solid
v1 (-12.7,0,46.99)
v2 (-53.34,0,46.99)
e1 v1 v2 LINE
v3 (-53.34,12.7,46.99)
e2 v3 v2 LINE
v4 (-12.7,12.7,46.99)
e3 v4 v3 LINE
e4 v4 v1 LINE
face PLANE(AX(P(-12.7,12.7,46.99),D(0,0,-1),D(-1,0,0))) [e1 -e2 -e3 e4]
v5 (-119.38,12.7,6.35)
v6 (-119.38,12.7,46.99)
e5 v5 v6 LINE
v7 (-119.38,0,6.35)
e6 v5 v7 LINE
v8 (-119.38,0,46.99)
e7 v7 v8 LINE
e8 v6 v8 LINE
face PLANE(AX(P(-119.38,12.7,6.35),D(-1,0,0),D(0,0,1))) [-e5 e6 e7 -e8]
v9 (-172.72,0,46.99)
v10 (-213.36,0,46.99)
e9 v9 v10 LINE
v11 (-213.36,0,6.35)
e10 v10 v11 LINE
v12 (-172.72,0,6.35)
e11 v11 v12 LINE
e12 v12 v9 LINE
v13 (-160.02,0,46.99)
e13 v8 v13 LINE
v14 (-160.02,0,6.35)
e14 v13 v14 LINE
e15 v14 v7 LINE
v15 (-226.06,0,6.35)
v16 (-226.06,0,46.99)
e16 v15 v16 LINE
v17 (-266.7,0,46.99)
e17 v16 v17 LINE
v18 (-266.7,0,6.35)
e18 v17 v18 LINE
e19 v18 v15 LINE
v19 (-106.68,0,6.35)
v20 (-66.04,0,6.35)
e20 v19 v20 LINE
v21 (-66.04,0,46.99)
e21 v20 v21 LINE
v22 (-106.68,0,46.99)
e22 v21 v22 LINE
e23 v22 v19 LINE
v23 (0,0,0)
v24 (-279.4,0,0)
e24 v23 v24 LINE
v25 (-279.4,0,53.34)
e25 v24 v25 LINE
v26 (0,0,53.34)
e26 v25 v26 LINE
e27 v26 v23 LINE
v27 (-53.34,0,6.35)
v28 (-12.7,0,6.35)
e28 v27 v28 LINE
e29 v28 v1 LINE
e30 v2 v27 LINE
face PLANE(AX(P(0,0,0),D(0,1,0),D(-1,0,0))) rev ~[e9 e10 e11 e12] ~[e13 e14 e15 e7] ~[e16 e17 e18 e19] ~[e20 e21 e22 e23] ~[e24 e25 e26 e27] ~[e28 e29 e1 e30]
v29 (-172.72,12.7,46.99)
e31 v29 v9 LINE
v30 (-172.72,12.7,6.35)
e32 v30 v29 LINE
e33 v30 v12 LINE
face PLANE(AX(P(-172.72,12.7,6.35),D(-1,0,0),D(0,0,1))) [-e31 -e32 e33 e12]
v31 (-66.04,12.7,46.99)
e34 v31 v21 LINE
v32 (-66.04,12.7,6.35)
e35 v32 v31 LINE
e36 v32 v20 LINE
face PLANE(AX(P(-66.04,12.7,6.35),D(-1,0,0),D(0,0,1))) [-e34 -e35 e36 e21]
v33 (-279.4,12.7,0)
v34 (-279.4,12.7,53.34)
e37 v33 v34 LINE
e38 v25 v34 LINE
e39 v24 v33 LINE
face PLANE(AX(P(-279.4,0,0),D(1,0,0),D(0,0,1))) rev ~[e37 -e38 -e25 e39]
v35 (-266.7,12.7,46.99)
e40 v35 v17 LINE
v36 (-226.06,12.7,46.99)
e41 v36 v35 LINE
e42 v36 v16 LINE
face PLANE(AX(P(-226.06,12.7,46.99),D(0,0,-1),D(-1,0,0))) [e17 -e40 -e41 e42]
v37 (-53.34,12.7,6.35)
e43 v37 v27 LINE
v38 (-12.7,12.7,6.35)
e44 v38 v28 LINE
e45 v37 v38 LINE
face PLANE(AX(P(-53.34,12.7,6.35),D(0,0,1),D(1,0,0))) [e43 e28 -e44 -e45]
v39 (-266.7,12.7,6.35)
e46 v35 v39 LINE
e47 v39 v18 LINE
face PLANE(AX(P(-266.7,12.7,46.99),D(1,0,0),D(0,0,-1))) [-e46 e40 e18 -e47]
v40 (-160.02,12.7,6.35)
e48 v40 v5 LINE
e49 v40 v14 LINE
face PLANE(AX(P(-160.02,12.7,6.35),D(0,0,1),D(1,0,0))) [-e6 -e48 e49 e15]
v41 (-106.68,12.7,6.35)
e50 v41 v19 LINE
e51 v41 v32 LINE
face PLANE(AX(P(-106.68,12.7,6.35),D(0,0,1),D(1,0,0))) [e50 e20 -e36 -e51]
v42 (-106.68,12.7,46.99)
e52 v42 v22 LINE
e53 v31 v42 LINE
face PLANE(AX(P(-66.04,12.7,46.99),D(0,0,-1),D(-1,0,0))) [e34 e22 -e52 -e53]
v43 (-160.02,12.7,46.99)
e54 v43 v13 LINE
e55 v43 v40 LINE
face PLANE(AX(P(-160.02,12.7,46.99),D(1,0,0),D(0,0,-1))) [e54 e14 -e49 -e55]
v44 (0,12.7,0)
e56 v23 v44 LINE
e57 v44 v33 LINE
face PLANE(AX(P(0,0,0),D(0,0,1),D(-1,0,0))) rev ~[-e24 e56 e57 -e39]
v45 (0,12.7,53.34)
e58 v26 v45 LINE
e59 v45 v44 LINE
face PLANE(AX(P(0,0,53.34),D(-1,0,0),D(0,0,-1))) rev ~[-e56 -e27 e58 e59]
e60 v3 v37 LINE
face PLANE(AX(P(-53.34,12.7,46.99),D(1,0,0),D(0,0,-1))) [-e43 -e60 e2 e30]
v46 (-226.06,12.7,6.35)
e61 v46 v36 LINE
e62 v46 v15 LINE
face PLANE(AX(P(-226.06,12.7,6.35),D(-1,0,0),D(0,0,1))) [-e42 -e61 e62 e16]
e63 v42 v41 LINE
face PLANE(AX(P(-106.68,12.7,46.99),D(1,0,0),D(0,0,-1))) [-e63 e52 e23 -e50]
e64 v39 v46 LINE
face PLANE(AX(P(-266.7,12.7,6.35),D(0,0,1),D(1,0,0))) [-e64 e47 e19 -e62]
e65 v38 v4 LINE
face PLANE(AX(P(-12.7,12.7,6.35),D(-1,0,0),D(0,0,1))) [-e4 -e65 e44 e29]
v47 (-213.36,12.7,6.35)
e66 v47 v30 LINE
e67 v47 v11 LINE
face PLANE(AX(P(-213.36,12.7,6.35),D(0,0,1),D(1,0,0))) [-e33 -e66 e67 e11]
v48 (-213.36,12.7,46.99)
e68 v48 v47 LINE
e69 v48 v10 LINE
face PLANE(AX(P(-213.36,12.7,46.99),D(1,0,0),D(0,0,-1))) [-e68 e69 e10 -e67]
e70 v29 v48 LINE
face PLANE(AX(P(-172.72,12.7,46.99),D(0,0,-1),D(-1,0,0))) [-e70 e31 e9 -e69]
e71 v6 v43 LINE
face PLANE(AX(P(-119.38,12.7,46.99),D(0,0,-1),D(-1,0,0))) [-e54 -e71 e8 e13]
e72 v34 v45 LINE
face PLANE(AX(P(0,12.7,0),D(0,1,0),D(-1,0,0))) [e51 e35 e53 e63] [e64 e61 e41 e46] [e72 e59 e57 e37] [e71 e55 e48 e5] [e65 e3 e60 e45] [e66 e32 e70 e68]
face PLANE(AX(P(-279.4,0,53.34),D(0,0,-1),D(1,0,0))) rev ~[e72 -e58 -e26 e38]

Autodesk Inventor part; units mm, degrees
ref_plane "YZ Plane" through (0, 0, 0) normal (1, 0, 0) x (0, 1, 0)
ref_plane "XZ Plane" through (0, 0, 0) normal (0, 1, 0) x (-1, 0, 0)
ref_plane "XY Plane" through (0, 0, 0) normal (0, 0, 1) x (1, 0, 0)
sketch "Sketch1" plane through (0, 0, 0) normal (0, 1, 0) x (-1, 0, 0)
  line L0 (0, 0) -> (279.4, 0)
  line L1 (279.4, 0) -> (279.4, 53.34)
  line L2 (279.4, 53.34) -> (0, 53.34)
  line L3 (0, 53.34) -> (0, 0)
extrude "Extrusion1" add sketch "Sketch1" along normal blind 12.7
sketch "Sketch2" plane through (0, 12.7, 0) normal (0, 1, 0) x (1, 0, 0)
  line L0 (-12.7, -46.99) -> (-53.34, -46.99)
  line L1 (-53.34, -46.99) -> (-53.34, -6.35)
  line L2 (-53.34, -6.35) -> (-12.7, -6.35)
  line L3 (-12.7, -6.35) -> (-12.7, -46.99)
  line L4 (-279.4, -53.34) -> (0, -53.34) projected
  line L5 (0, -53.34) -> (0, 0) projected
  line L6 (-66.04, -46.99) -> (-106.68, -46.99)
  line L7 (-106.68, -46.99) -> (-106.68, -6.35)
  line L8 (-106.68, -6.35) -> (-66.04, -6.35)
  line L9 (-66.04, -6.35) -> (-66.04, -46.99)
  line L10 (-119.38, -46.99) -> (-160.02, -46.99)
  line L11 (-160.02, -46.99) -> (-160.02, -6.35)
  line L12 (-160.02, -6.35) -> (-119.38, -6.35)
  line L13 (-119.38, -6.35) -> (-119.38, -46.99)
  line L14 (-172.72, -46.99) -> (-213.36, -46.99)
  line L15 (-213.36, -46.99) -> (-213.36, -6.35)
  line L16 (-213.36, -6.35) -> (-172.72, -6.35)
  line L17 (-172.72, -6.35) -> (-172.72, -46.99)
  line L18 (-226.06, -46.99) -> (-266.7, -46.99)
  line L19 (-266.7, -46.99) -> (-266.7, -6.35)
  line L20 (-266.7, -6.35) -> (-226.06, -6.35)
  line L21 (-226.06, -6.35) -> (-226.06, -46.99)
  dimension "d2" = 40.64
  dimension "d3" = 40.64
  dimension "d4" = 6.35
  dimension "d5" = 12.7
  dimension "d6" = 40.64
  dimension "d7" = 12.7
  dimension "d8" = 40.64
  dimension "d9" = 12.7
  dimension "d10" = 40.64
  dimension "d11" = 12.7
  dimension "d12" = 40.64
  dimension "d13" = 12.7
extrude "Extrusion2" cut sketch "Sketch2" against normal through all
properties part number "Slide"
